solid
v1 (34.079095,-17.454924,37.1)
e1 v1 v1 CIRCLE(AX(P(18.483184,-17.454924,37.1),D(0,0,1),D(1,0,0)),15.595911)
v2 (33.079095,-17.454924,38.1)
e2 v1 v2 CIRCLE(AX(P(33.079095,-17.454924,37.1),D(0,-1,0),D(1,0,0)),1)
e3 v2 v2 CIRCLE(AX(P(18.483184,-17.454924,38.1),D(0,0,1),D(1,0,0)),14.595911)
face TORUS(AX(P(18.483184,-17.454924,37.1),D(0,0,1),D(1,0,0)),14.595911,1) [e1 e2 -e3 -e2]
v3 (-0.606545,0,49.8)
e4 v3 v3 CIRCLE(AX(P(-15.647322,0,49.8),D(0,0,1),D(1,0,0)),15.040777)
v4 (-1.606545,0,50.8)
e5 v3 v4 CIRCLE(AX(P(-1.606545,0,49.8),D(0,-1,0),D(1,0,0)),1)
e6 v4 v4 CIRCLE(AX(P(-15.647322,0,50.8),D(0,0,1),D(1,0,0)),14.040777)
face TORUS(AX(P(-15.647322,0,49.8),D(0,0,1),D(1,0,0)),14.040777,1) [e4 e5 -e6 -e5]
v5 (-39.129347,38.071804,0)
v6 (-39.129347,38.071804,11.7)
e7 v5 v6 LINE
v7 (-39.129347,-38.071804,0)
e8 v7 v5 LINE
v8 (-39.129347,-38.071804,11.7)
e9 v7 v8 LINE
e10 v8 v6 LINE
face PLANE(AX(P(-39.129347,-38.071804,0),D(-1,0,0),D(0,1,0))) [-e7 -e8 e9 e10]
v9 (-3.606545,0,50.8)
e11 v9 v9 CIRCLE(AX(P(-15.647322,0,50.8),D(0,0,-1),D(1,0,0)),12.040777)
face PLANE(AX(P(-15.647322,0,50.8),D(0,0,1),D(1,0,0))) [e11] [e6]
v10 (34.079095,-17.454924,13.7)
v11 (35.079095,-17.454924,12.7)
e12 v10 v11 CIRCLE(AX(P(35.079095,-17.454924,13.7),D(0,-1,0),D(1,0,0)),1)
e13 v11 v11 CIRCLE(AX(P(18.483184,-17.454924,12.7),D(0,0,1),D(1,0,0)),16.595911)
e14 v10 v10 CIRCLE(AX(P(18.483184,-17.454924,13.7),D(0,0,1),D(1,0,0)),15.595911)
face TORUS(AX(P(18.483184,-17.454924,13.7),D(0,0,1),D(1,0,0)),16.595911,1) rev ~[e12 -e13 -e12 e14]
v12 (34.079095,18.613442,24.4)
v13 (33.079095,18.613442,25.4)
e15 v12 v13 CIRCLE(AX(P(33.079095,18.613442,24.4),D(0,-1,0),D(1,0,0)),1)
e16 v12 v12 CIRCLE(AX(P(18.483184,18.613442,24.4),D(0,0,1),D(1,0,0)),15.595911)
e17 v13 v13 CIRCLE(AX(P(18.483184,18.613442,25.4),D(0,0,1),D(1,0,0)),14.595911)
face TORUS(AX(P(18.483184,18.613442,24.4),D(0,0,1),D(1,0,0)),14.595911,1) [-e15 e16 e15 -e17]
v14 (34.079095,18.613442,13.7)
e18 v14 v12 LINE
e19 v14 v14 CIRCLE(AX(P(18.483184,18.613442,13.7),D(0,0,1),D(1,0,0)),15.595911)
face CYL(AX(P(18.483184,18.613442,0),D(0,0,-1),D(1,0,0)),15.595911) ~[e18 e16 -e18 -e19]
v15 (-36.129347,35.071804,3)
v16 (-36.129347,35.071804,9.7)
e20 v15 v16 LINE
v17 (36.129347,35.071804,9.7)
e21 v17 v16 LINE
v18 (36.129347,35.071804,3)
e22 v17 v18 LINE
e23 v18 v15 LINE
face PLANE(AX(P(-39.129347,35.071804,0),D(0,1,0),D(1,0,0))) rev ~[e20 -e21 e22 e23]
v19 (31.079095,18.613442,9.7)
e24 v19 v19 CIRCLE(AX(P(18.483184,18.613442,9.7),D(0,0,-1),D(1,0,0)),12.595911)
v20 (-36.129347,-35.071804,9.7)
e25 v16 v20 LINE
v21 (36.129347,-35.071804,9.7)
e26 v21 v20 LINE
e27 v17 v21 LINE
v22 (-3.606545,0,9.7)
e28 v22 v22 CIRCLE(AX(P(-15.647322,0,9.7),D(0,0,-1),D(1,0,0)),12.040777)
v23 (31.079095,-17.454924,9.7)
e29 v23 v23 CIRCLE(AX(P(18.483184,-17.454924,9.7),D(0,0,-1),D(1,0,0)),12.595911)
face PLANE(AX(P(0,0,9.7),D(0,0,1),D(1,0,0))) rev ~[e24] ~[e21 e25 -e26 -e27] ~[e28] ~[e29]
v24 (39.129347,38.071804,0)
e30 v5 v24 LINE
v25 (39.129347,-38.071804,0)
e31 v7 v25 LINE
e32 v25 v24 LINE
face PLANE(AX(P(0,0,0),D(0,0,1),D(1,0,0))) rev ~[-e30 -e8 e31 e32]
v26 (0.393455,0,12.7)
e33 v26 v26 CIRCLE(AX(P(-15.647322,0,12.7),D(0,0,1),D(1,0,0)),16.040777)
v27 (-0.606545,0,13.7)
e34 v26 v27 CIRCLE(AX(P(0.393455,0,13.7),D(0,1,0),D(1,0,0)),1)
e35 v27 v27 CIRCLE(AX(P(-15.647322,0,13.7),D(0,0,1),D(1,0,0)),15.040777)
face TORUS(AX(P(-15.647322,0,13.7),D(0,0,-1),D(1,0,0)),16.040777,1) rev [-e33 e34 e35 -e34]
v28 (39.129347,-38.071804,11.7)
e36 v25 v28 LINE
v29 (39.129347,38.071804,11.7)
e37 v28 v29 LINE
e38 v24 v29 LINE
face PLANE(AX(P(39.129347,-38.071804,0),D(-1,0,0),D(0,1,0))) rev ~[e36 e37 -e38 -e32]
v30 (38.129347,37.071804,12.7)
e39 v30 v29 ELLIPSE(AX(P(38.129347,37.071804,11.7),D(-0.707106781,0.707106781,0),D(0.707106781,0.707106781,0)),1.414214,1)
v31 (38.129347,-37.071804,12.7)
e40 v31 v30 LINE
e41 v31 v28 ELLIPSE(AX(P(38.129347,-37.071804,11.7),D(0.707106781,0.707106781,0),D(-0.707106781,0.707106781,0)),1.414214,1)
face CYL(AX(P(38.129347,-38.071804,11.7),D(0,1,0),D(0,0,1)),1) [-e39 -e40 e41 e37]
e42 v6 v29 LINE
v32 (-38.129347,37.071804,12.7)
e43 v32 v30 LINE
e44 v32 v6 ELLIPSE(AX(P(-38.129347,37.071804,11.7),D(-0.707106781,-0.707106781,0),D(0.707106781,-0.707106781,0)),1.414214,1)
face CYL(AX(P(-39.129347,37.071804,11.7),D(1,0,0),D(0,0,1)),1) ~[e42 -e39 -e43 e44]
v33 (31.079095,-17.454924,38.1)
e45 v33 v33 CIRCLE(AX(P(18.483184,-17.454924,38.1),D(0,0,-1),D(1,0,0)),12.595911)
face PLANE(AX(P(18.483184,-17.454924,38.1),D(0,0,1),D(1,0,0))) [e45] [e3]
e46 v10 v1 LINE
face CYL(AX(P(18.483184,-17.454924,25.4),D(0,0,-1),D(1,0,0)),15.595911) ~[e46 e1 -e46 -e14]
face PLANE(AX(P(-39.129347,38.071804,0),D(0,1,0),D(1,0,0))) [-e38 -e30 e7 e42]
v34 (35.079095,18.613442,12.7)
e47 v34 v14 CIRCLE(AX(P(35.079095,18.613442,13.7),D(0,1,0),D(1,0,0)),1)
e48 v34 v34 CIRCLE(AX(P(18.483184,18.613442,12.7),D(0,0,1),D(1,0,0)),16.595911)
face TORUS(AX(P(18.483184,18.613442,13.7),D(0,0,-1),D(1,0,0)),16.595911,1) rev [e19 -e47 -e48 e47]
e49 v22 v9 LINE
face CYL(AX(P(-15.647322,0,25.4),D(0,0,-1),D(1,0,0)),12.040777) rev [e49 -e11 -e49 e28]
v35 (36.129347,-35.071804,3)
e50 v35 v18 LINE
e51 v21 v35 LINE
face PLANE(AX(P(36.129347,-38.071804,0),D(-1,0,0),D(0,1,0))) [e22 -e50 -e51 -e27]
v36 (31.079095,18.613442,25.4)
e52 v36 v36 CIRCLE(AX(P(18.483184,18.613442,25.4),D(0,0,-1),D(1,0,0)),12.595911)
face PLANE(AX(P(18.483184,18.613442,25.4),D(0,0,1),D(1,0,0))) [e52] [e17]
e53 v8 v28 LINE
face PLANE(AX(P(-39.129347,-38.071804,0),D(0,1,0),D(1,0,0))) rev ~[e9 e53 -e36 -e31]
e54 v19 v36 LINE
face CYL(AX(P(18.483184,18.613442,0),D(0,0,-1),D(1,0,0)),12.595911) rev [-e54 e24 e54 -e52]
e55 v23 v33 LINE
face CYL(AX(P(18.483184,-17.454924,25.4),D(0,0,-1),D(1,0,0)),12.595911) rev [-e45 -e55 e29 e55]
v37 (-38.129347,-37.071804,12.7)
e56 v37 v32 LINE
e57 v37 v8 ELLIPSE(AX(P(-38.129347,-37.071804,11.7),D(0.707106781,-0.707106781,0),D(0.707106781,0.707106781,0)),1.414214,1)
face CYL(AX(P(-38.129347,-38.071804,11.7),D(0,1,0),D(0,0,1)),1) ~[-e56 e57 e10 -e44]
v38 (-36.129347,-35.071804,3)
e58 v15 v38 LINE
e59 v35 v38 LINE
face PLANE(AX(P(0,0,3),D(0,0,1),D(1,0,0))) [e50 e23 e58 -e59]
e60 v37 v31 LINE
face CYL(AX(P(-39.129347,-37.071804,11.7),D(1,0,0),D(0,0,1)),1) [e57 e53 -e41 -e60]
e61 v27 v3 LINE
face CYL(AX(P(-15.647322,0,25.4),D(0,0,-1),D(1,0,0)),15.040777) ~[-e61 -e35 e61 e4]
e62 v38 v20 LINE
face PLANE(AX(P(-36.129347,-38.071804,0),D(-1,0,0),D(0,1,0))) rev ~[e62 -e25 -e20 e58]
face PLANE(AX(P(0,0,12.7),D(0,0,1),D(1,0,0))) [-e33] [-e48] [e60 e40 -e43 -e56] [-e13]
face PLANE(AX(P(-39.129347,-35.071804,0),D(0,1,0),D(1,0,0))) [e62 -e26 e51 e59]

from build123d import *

# Parameters (mm, degrees)
F0_W     = 78.2586932182
F0_H     = 76.1436074972
F0_R     = 15.5959109901
F0_R_2   = 15.0407765594
F2_DEPTH = 12.7
F1_R     = 15.0407765594
F1_R_2   = 15.5959109901
F3_DEPTH = 25.4
F4_DEPTH = 25.4
F5_DEPTH = 12.7
F6_T     = -3
F7_R     = 1


with BuildPart() as f2:
    # F0 (on Top) → F2 (new body)
    with BuildSketch(Plane.XY):
        Rectangle(F0_W, F0_H)
        with Locations((18.483184278, -17.4549240619)):
            Circle(F0_R, mode=Mode.SUBTRACT)
        with Locations((-15.6473219395, 0)):
            Circle(F0_R_2, mode=Mode.SUBTRACT)
        with Locations((18.483184278, 18.6134420495)):
            Circle(F0_R, mode=Mode.SUBTRACT)
    extrude(amount=F2_DEPTH)

    # F1 (on face) → F3 (join)
    with BuildSketch(Plane.XY):
        with Locations((-15.6473219395, 0)):
            Circle(F1_R)
        with Locations((18.483184278, 18.6134420495)):
            Circle(F1_R_2)
        with Locations((18.483184278, -17.4549240619)):
            Circle(F1_R_2)
    extrude(amount=F3_DEPTH)

    # F4 (add): a face of the model
    f4_faces = [f2.faces().sort_by_distance(p)[0] for p in [
        (-15.6473219395, 0, 25.4),
    ]]
    extrude(f4_faces, amount=F4_DEPTH)

    # F5 (add): a face of the model
    f5_faces = [f2.faces().sort_by_distance(p)[0] for p in [
        (18.483184278, -17.4549240619, 25.4),
    ]]
    extrude(f5_faces, amount=F5_DEPTH)

    # F6
    f6_openings = [f2.faces().sort_by_distance(p)[0] for p in [
        (-15.647322, 0, 50.8),
        (18.483184, -17.454924, 38.1),
        (18.483184, 18.613442, 25.4),
    ]]
    offset(amount=F6_T, openings=f6_openings, kind=Kind.INTERSECTION)

    # F7
    f7_edges = [f2.edges().sort_by_distance(p)[0] for p in [
        (-30.688098, 0, 12.7),
        (-0.606545, 0, 31.75),
        (-30.688098, 0, 50.8),
        (2.887273, -17.454924, 12.7),
        (34.079095, -17.454924, 25.4),
        (2.887273, -17.454924, 38.1),
        (2.887273, 18.613442, 12.7),
        (34.079095, 18.613442, 19.05),
        (2.887273, 18.613442, 25.4),
        (39.129347, 0, 12.7),
        (0, 38.071804, 12.7),
        (-39.129347, 0, 12.7),
        (0, -38.071804, 12.7),
    ]]
    fillet(f7_edges, radius=F7_R)


solid = f2.part
